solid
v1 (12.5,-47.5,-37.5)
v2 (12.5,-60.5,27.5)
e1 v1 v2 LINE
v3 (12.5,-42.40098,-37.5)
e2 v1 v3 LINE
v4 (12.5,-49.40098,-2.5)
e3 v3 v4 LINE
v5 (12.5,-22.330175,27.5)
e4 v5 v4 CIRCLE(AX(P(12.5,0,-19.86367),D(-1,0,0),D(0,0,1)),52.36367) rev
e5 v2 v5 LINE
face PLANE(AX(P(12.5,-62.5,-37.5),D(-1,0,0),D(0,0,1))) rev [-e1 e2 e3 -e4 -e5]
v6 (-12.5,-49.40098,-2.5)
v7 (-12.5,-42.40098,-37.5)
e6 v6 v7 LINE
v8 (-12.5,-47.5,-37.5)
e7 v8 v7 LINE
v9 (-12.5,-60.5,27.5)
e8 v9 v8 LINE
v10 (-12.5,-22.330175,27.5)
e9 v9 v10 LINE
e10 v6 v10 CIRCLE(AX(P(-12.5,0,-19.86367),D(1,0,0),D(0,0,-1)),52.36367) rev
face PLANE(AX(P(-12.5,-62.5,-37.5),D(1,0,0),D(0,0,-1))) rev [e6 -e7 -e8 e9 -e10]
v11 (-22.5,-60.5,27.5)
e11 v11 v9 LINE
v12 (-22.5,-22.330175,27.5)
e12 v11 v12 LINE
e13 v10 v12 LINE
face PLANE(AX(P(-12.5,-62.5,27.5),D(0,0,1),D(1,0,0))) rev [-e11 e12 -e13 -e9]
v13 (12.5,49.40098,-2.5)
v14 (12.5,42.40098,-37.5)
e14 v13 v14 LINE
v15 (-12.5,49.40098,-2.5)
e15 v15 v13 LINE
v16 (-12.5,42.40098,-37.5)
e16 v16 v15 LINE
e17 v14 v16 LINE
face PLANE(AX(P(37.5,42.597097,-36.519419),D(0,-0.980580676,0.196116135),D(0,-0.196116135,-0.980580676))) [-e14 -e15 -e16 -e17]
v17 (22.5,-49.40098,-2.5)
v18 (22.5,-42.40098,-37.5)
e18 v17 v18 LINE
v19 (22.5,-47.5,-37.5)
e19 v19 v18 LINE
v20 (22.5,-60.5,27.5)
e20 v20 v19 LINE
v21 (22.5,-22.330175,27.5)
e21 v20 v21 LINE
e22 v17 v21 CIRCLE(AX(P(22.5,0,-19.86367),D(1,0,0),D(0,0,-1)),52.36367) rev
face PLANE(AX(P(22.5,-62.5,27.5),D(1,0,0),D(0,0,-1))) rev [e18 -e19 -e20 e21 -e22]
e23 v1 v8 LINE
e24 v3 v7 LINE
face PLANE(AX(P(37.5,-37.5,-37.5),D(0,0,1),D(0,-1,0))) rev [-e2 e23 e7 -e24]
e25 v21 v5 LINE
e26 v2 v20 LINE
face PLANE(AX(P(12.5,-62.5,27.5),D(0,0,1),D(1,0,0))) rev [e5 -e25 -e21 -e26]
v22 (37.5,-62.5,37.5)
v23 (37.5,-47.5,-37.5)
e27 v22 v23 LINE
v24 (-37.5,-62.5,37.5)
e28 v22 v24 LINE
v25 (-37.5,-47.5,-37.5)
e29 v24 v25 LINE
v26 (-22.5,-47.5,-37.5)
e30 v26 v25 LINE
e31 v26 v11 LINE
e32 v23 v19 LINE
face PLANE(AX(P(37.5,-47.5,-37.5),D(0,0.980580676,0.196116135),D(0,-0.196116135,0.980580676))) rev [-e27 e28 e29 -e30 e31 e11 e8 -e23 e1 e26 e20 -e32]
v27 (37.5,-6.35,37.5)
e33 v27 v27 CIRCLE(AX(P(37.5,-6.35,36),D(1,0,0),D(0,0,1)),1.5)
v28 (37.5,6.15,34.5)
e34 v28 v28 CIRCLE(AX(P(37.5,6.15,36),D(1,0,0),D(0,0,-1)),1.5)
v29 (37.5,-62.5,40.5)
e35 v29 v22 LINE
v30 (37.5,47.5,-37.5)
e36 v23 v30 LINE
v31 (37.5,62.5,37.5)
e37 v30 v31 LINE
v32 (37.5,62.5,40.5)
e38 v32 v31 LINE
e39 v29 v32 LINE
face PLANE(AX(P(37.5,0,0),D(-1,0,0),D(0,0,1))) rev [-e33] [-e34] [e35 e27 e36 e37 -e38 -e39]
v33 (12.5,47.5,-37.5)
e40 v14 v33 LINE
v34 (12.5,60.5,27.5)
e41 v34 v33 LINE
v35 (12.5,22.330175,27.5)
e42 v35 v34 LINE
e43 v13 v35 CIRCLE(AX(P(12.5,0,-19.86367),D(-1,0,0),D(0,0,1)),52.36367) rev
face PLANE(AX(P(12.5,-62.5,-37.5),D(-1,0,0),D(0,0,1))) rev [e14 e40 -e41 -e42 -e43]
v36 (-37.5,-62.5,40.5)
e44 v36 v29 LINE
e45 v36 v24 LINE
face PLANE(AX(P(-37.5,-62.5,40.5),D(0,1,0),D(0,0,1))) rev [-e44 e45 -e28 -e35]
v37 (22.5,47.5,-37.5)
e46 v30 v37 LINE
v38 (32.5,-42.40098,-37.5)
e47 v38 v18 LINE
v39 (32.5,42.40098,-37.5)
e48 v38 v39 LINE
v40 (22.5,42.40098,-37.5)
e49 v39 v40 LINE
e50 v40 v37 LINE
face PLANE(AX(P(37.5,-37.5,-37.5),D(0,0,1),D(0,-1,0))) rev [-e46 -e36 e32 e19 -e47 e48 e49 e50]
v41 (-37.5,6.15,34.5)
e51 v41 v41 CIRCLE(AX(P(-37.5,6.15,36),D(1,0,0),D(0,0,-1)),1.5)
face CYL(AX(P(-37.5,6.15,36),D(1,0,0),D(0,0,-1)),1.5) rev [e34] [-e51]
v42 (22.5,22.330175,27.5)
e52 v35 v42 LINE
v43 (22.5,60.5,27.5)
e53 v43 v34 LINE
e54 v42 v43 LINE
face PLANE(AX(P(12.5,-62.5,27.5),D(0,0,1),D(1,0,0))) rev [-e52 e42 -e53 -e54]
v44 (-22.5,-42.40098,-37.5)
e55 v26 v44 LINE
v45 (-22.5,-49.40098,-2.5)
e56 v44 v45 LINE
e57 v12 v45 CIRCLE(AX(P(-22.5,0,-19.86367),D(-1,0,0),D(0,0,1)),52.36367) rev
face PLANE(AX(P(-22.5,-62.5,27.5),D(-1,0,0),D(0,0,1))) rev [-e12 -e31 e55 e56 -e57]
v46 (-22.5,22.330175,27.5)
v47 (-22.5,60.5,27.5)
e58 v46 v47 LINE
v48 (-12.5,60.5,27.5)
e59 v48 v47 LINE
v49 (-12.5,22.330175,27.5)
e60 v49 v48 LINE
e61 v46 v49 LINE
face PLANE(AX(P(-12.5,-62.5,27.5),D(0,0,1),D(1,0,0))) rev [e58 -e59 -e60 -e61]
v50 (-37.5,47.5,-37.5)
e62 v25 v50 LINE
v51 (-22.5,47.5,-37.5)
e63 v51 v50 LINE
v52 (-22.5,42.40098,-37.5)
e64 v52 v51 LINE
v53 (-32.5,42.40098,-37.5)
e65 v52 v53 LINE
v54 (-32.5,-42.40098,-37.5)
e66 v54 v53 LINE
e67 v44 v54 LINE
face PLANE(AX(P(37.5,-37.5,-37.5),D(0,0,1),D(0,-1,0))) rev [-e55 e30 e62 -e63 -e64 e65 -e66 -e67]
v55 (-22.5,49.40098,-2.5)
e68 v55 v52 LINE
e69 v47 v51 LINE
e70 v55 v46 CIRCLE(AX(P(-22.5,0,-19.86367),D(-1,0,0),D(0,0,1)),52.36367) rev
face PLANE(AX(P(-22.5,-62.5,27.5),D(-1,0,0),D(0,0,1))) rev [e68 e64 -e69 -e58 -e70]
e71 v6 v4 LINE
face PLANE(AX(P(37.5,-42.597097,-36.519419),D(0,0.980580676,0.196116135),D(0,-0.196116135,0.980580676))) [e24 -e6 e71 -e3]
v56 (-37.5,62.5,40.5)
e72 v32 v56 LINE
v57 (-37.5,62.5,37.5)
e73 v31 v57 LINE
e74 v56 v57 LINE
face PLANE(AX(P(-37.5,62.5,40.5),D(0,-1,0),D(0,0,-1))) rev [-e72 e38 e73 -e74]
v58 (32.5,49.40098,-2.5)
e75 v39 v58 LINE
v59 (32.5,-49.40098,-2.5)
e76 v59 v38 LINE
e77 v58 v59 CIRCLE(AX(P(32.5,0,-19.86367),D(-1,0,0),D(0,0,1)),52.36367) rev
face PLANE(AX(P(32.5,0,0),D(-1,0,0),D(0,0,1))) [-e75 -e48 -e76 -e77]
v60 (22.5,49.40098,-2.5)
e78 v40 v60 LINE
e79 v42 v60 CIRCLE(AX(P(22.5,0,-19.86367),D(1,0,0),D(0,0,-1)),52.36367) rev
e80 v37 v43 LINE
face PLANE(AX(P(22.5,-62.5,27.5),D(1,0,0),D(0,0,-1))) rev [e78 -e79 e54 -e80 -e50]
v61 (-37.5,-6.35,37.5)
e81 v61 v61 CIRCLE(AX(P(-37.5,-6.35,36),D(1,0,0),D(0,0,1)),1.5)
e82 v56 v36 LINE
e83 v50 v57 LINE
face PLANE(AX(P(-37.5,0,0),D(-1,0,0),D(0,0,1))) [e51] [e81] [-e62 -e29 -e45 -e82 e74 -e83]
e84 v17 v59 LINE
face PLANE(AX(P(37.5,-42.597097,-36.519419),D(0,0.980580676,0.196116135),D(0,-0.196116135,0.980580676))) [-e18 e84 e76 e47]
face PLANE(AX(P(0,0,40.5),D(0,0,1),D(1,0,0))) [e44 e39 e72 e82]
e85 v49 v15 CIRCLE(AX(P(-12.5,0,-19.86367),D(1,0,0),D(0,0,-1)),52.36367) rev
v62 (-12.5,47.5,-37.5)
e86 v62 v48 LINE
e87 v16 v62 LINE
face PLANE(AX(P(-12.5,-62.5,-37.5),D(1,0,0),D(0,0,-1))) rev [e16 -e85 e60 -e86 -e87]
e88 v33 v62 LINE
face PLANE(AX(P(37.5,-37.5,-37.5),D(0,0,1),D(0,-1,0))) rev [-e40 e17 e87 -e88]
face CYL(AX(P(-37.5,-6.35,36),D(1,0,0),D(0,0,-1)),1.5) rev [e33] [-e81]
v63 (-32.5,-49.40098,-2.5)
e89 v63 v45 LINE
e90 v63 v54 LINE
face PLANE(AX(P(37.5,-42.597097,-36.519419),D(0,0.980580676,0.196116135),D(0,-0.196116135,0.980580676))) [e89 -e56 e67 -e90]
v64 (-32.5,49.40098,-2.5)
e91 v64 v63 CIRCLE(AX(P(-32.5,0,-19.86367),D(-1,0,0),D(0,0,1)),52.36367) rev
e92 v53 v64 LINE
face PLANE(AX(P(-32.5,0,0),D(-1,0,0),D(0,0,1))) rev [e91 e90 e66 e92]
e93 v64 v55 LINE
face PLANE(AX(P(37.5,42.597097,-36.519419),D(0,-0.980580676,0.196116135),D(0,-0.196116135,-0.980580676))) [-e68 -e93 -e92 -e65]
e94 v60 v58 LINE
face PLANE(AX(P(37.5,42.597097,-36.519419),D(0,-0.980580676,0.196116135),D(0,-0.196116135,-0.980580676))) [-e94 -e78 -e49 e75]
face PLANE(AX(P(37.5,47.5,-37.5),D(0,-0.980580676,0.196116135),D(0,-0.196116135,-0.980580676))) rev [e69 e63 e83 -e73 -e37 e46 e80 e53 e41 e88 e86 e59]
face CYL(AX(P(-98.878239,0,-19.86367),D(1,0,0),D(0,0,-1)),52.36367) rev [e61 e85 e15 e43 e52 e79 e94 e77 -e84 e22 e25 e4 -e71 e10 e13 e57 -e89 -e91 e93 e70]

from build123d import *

# Parameters (mm, degrees)
BOSS_EXTRUDE1_DEPTH     = 37.5
SHELL1_T                = -5
BOSS_EXTRUDE4_DEPTH     = 65
CUT_EXTRUDE4_DEPTH      = 82.967981554
CUT_EXTRUDE4_DEPTH_BACK = 82.967981554
SKETCH11_W              = 10
SKETCH11_H              = 65
SKETCH13_W              = 75
SKETCH13_H              = 125
BOSS_EXTRUDE5_DEPTH     = 3
SKETCH12_R              = 1.5
CUT_EXTRUDE5_DEPTH      = 106.695316831


with BuildPart() as part:
    # Sketch1 → Boss-Extrude1 (new, symmetric)
    with BuildSketch(Plane(origin=(0, 0, 0), x_dir=(0, 0, -1), z_dir=(1, 0, 0))):
        Polygon((-37.5, 32.5), (-37.5, -52.5), (-37.5, -62.5), (37.5, -47.5), (37.5, -37.5), (37.5, -32.5), (37.5, 32.5), (37.5, 47.5), (-37.5, 62.5), (-37.5, 47.5), align=None)
    extrude(amount=BOSS_EXTRUDE1_DEPTH, both=True)

    # Shell1
    shell1_openings = [part.faces().sort_by_distance(p)[0] for p in [
        (0, 0, -37.5),
    ]]
    offset(amount=SHELL1_T, openings=shell1_openings, kind=Kind.INTERSECTION)

    # Sketch10 → Boss-Extrude4 (add)
    with BuildSketch(Plane.ZY.offset(-32.5)):
        with BuildLine():
            Line((-2.5, -49.400980486), (32.5, -56.400980486))
            Line((32.5, -56.400980486), (32.5, 0))
            ThreePointArc((32.5, 0), (22.863250205, -30.271508358), (-2.5, -49.400980486))
        make_face()
        with BuildLine():
            ThreePointArc((-2.5, 49.400980486), (22.863250205, 30.271508358), (32.5, 0))
            Line((32.5, 0), (32.5, 56.400980486))
            Line((32.5, 56.400980486), (-2.5, 49.400980486))
        make_face()
    extrude(amount=BOSS_EXTRUDE4_DEPTH)

    # Sketch11 → Cut-Extrude4 (cut, two sides: drawn at the far end of the back side and taken through both)
    with BuildSketch(Plane(origin=(0, 0, 0), x_dir=(1, 0, 0), z_dir=(0, 1, 0)).offset(-CUT_EXTRUDE4_DEPTH_BACK)):
        with Locations((-17.5, 5)):
            Rectangle(SKETCH11_W, SKETCH11_H)
        with Locations((17.5, 5)):
            Rectangle(SKETCH11_W, SKETCH11_H)
    extrude(amount=CUT_EXTRUDE4_DEPTH + CUT_EXTRUDE4_DEPTH_BACK, mode=Mode.SUBTRACT)

    # Sketch13 → Boss-Extrude5 (add)
    with BuildSketch(Plane.XY.offset(37.5)):
        Rectangle(SKETCH13_W, SKETCH13_H)
    extrude(amount=BOSS_EXTRUDE5_DEPTH)

    # Sketch12 → Cut-Extrude5 (cut, through all)
    with BuildSketch(Plane(origin=(37.5, 0, 0), x_dir=(0, 0, -1), z_dir=(1, 0, 0))):
        with Locations((-36, 6.15)):
            Circle(SKETCH12_R)
        with Locations(Location((-36, -6.35, 0), (0, 0, 180))):
            Circle(SKETCH12_R)
    extrude(amount=-CUT_EXTRUDE5_DEPTH, mode=Mode.SUBTRACT)


solid = part.part
